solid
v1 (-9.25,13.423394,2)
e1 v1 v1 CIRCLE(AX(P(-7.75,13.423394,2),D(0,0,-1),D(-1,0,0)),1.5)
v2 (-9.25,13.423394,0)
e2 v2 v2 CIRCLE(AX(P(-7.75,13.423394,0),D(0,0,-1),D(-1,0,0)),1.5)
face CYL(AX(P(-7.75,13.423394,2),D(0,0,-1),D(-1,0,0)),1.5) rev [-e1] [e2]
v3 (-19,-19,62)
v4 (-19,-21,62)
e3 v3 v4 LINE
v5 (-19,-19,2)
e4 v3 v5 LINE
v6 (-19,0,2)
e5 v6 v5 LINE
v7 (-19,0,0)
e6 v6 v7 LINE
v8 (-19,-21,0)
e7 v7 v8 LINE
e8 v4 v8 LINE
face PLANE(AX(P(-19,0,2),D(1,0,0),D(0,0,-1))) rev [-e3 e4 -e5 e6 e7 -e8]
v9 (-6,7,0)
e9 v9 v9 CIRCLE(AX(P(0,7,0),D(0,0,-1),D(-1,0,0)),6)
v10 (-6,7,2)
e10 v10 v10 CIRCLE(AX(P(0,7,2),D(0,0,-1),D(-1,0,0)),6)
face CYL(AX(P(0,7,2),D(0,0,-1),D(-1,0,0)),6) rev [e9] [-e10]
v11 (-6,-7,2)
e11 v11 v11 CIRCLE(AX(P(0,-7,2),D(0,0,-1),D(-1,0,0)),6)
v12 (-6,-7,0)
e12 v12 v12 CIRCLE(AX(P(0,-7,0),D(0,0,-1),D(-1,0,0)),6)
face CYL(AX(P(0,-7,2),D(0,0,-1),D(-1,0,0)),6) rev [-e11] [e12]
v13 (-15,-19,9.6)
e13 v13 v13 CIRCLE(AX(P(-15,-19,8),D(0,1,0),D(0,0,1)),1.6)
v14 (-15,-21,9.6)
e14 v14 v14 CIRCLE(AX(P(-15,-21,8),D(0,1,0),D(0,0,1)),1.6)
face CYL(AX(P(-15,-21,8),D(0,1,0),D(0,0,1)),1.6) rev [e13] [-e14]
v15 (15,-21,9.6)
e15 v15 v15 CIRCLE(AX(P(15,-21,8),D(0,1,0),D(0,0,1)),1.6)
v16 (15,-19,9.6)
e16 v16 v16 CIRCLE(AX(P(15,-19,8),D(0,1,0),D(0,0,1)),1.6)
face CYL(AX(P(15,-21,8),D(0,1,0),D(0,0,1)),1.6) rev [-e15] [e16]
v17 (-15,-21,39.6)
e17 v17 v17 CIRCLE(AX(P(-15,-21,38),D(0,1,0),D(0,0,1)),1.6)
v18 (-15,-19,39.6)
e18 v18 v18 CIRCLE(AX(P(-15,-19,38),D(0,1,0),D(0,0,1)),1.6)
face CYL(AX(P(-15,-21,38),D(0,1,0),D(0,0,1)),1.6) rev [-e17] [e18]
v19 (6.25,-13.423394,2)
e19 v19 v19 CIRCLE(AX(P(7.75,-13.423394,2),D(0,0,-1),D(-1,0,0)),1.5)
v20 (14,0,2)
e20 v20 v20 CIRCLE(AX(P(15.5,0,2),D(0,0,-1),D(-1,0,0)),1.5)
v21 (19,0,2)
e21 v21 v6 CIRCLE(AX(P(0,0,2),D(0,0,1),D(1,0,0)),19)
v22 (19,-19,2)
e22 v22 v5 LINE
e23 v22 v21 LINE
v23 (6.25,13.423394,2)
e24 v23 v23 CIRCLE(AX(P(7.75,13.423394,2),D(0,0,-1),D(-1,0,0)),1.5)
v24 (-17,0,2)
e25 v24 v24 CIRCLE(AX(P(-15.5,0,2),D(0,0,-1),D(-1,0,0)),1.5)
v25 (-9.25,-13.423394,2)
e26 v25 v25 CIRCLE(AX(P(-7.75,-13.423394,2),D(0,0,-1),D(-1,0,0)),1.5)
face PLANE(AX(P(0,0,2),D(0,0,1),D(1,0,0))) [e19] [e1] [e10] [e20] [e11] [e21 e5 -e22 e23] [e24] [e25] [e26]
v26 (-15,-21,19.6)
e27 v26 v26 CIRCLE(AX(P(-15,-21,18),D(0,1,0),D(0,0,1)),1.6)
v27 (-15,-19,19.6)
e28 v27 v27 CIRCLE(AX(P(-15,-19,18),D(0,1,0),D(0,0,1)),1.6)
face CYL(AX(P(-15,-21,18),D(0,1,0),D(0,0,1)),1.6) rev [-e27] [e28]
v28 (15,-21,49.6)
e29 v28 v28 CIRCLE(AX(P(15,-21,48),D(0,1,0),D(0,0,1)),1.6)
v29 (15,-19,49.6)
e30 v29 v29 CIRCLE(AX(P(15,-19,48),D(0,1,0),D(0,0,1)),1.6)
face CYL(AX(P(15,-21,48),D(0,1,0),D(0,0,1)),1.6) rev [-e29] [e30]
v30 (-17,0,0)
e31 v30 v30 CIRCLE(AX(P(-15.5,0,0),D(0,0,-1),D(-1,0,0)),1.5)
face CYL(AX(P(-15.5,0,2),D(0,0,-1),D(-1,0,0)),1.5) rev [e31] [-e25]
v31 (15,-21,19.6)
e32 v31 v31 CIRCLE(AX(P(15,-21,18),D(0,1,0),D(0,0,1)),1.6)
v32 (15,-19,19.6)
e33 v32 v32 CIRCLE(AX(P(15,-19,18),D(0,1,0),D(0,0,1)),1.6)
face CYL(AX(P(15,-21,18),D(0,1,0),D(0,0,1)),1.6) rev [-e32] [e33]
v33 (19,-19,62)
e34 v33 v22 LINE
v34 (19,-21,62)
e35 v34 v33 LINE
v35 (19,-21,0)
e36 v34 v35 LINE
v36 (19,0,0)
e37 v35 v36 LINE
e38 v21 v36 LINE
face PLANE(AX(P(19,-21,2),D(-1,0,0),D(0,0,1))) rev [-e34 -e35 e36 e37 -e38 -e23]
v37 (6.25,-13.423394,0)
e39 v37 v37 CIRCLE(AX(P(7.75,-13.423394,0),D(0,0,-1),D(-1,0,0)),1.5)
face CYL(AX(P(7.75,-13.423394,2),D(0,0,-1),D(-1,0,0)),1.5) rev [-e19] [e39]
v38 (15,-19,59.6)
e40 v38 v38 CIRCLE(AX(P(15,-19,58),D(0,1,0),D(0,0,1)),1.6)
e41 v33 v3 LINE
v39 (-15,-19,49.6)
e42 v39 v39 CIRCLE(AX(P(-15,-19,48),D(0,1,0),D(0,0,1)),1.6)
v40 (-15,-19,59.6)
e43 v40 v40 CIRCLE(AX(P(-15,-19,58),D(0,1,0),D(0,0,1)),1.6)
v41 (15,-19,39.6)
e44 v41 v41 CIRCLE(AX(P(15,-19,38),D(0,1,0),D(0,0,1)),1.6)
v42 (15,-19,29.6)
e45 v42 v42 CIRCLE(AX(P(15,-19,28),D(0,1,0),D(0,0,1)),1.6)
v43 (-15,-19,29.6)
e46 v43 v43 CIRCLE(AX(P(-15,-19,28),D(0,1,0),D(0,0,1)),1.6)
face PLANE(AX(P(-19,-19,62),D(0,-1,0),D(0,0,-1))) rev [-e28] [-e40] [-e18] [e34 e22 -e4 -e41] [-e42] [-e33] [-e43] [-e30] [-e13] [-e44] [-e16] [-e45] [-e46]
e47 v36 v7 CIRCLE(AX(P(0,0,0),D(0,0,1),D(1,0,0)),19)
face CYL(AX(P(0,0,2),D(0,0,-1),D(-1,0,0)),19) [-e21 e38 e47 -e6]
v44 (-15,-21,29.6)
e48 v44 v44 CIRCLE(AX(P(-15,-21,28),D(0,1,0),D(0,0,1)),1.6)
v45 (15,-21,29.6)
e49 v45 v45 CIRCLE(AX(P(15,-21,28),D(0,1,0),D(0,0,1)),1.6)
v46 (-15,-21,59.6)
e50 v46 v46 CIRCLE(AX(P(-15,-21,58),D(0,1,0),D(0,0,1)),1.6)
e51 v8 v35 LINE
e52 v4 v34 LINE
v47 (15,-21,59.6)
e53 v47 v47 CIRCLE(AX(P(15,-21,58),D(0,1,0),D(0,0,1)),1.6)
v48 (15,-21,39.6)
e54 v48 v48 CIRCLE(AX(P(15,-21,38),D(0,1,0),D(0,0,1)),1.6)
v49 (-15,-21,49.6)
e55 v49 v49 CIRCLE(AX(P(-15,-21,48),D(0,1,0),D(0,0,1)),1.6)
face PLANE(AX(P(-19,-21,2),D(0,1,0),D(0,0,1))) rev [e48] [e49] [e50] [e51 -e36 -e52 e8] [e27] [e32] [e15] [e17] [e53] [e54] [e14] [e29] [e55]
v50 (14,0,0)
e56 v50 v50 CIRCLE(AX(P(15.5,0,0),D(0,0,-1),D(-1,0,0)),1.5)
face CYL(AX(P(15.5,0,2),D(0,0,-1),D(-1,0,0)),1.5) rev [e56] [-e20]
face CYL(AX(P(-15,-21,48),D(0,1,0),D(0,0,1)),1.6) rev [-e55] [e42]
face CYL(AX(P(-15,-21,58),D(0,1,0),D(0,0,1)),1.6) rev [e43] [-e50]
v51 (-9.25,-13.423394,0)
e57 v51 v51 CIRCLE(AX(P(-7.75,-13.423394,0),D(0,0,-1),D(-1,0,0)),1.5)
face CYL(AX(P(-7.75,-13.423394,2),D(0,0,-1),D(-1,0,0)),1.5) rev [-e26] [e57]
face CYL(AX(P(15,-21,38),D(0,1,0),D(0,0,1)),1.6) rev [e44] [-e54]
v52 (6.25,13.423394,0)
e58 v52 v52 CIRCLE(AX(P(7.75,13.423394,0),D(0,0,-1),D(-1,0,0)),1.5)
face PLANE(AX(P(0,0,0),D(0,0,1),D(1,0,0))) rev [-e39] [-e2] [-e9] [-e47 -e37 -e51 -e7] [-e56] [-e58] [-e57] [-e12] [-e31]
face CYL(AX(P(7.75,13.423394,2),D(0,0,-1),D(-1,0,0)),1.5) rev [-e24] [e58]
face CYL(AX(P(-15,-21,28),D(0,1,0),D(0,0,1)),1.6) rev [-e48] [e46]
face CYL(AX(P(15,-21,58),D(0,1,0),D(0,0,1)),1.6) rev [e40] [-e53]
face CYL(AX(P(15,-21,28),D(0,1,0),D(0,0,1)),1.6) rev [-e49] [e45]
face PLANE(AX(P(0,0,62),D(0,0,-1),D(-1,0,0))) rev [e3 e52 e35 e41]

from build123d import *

# Parameters (mm, degrees)
EXTRUDE_1_DEPTH     = 2
SKETCH_2_W          = 38
SKETCH_2_H          = 2
EXTRUDE_2_DEPTH     = 60
SKETCH_3_R          = 1.6
CUT_EXTRUDE_1_DEPTH = 2
SKETCH_4_R          = 6
SKETCH_4_R_2        = 1.5
CUT_EXTRUDE_3_DEPTH = 2


with BuildPart() as part:
    # ｽｹｯﾁ1 → ﾎﾞｽ - 押し出し1 (new body)
    with BuildSketch(Plane.XY):
        with BuildLine():
            Line((-19, 0), (-19, -21))
            Line((-19, -21), (19, -21))
            Line((19, -21), (19, 0))
            ThreePointArc((19, 0), (0, 19), (-19, 0))
        make_face()
    extrude(amount=EXTRUDE_1_DEPTH)

    # ｽｹｯﾁ2 → ﾎﾞｽ - 押し出し2 (add)
    with BuildSketch(Plane.XY.offset(2)):
        with Locations((0, -20)):
            Rectangle(SKETCH_2_W, SKETCH_2_H)
    extrude(amount=EXTRUDE_2_DEPTH)

    # ｽｹｯﾁ3 → ｶｯﾄ - 押し出し1 (cut)
    with BuildSketch(Plane(origin=(0, -19, 0), x_dir=(1, 0, 0), z_dir=(0, 1, 0))):
        with Locations(Location((-15, -8, 0), (0, 0, 270))):  # turned: the seam where the file's is
            Circle(SKETCH_3_R)
        with Locations(Location((-15, -18, 0), (0, 0, 270))):  # turned: the seam where the file's is
            Circle(SKETCH_3_R)
        with Locations(Location((-15, -38, 0), (0, 0, 270))):  # turned: the seam where the file's is
            Circle(SKETCH_3_R)
        with Locations(Location((-15, -28, 0), (0, 0, 270))):  # turned: the seam where the file's is
            Circle(SKETCH_3_R)
        with Locations(Location((-15, -48, 0), (0, 0, 270))):  # turned: the seam where the file's is
            Circle(SKETCH_3_R)
        with Locations(Location((15, -8, 0), (0, 0, 270))):  # turned: the seam where the file's is
            Circle(SKETCH_3_R)
        with Locations(Location((15, -18, 0), (0, 0, 270))):  # turned: the seam where the file's is
            Circle(SKETCH_3_R)
        with Locations(Location((15, -28, 0), (0, 0, 270))):  # turned: the seam where the file's is
            Circle(SKETCH_3_R)
        with Locations(Location((15, -38, 0), (0, 0, 270))):  # turned: the seam where the file's is
            Circle(SKETCH_3_R)
        with Locations(Location((15, -48, 0), (0, 0, 270))):  # turned: the seam where the file's is
            Circle(SKETCH_3_R)
        with Locations(Location((-15, -58, 0), (0, 0, 270))):  # turned: the seam where the file's is
            Circle(SKETCH_3_R)
        with Locations(Location((15, -58, 0), (0, 0, 270))):  # turned: the seam where the file's is
            Circle(SKETCH_3_R)
    extrude(amount=-CUT_EXTRUDE_1_DEPTH, mode=Mode.SUBTRACT)

    # ｽｹｯﾁ4 → ｶｯﾄ - 押し出し3 (cut)
    with BuildSketch(Plane(origin=(0, 0, 0), x_dir=(-1, 0, 0), z_dir=(0, 0, -1))):
        with Locations((0, 7)):
            Circle(SKETCH_4_R)
        with Locations((0, -7)):
            Circle(SKETCH_4_R)
        with Locations((-7.75, 13.423393759)):
            Circle(SKETCH_4_R_2)
        with Locations((-15.5, 0)):
            Circle(SKETCH_4_R_2)
        with Locations((15.5, 0)):
            Circle(SKETCH_4_R_2)
        with Locations((7.75, 13.423393759)):
            Circle(SKETCH_4_R_2)
        with Locations((7.75, -13.423393759)):
            Circle(SKETCH_4_R_2)
        with Locations((-7.75, -13.423393759)):
            Circle(SKETCH_4_R_2)
    extrude(amount=-CUT_EXTRUDE_3_DEPTH, mode=Mode.SUBTRACT)


solid = part.part
